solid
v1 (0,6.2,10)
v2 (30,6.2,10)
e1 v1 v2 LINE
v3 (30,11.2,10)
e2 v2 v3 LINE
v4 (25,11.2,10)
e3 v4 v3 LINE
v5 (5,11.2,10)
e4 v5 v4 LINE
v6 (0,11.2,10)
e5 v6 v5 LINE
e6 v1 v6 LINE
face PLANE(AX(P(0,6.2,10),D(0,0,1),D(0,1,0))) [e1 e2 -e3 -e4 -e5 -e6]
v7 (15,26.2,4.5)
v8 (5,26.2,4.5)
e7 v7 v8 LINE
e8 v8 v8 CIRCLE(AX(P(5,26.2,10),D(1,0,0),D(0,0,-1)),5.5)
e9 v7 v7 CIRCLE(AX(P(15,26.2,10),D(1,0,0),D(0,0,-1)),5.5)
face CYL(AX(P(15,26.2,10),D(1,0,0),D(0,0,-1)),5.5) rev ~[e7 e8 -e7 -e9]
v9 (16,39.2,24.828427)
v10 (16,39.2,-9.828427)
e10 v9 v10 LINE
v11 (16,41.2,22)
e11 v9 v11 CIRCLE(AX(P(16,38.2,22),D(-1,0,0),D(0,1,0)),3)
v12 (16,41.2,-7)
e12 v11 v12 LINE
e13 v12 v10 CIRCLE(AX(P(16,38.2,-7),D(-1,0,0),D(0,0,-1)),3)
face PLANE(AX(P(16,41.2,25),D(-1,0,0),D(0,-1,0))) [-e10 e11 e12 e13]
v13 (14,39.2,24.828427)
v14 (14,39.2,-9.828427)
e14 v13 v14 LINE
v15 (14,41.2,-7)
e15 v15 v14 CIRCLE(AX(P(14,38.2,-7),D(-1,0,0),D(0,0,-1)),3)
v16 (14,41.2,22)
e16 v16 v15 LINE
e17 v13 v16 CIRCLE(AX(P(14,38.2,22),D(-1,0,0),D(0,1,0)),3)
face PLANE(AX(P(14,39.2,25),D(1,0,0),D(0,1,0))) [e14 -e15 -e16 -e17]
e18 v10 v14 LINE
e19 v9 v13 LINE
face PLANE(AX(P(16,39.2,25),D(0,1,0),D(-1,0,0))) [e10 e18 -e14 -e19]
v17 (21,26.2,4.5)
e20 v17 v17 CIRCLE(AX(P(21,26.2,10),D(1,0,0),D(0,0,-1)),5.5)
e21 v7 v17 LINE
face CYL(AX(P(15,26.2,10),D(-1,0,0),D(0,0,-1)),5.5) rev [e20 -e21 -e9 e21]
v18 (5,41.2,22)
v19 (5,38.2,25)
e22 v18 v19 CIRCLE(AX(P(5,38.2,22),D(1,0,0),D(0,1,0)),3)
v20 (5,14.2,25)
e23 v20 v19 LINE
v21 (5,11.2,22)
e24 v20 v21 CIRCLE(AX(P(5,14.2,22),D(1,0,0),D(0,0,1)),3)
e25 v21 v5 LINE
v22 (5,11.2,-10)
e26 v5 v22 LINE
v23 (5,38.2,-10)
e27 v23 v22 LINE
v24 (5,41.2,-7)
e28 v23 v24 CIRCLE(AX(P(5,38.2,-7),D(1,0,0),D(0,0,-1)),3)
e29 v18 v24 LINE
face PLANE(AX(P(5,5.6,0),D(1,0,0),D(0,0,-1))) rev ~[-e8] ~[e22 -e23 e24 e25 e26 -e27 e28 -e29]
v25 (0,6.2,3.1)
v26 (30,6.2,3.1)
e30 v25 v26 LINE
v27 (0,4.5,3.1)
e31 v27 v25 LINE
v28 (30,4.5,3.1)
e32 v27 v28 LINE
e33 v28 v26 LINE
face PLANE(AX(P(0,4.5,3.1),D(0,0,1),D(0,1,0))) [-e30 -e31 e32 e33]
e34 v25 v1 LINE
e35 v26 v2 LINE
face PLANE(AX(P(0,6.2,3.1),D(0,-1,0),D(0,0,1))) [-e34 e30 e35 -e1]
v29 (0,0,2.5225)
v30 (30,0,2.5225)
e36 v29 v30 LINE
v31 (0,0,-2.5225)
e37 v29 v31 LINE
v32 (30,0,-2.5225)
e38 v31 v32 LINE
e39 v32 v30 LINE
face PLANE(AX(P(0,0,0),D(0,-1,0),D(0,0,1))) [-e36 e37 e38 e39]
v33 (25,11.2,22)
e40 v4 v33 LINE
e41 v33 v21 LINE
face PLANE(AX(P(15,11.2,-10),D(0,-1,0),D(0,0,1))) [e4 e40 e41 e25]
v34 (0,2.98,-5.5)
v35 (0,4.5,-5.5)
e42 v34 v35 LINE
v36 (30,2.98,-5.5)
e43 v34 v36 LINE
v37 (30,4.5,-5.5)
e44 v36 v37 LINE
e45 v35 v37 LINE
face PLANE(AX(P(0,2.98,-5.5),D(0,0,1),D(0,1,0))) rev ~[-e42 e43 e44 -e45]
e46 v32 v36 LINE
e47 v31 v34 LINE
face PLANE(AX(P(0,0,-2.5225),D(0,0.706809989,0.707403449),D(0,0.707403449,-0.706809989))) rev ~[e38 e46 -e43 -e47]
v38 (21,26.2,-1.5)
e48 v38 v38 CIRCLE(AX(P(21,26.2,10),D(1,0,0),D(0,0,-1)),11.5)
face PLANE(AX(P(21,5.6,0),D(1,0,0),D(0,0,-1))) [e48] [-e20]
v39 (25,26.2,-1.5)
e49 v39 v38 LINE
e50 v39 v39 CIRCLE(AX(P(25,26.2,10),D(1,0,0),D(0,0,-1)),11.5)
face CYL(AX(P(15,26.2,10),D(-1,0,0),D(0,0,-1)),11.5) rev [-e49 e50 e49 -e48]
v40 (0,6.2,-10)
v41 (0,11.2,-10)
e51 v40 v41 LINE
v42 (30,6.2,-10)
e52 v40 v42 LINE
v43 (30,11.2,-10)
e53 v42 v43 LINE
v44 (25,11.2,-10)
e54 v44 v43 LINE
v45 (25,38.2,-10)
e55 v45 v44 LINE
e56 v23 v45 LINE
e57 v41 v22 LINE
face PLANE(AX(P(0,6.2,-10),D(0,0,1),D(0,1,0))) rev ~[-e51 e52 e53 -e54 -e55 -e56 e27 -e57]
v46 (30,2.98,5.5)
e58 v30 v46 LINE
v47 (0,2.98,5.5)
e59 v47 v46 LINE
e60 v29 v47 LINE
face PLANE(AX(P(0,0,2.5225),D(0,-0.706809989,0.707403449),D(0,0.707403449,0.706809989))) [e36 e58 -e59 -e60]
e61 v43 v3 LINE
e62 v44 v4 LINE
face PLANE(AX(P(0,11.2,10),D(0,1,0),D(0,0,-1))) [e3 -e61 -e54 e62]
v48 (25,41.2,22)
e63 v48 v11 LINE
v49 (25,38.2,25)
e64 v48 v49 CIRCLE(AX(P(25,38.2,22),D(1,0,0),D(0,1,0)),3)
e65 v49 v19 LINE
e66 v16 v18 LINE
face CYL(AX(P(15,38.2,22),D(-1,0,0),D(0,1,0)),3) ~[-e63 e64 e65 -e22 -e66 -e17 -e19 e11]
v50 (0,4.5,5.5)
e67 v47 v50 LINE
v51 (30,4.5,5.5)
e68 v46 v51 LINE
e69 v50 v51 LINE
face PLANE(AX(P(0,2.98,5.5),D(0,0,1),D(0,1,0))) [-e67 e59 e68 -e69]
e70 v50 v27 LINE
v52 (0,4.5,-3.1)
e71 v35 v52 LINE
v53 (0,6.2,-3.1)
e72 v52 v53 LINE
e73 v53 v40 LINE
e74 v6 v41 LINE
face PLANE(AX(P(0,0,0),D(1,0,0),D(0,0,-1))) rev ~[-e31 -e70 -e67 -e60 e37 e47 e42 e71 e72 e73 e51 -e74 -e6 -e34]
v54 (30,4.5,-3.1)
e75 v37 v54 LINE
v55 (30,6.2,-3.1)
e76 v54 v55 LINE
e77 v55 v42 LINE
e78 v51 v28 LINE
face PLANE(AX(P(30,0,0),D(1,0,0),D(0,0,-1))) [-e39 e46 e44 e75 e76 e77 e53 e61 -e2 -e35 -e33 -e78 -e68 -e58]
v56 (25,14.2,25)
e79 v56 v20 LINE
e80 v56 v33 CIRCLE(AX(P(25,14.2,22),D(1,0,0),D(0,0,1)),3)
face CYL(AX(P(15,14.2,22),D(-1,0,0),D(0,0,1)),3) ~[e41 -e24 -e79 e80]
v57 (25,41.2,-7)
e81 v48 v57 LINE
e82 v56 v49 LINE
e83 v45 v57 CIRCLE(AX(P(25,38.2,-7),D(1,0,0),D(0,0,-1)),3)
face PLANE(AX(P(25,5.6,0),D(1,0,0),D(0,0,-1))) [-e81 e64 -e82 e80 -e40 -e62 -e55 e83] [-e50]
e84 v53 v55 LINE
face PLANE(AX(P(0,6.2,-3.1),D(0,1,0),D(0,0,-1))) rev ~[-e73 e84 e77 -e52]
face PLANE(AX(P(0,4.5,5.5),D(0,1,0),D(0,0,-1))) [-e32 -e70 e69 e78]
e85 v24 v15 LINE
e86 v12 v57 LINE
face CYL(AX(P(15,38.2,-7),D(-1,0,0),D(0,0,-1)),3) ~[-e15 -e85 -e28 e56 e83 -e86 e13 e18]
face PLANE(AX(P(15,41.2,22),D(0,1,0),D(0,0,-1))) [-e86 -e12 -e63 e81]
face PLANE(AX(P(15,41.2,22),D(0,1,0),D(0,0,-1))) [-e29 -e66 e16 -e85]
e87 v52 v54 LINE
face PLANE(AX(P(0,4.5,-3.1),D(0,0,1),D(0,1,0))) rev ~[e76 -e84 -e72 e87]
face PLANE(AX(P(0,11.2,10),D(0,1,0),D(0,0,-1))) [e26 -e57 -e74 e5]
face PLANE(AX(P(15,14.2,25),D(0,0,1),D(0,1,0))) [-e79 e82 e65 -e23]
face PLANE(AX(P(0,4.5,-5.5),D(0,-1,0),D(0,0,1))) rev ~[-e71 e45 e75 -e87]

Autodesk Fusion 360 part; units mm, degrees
sketch "Sketch1" plane through (0, 0, 0) normal (1, 0, 0) x (0, 0, -1)
  line L0 (0, 0) -> (2.5225, 0)
  line L1 (2.5225, 0) -> (5.5, 2.98)
  line L2 (5.5, 2.98) -> (5.5, 4.5)
  line L3 (5.5, 4.5) -> (3.1, 4.5)
  line L4 (3.1, 4.5) -> (3.1, 6.2)
  line L5 (3.1, 6.2) -> (10, 6.2)
  line L6 (10, 6.2) -> (10, 11.2)
  line L7 (10, 11.2) -> (0, 11.2)
  line L8 (0, 0) -> (0, 21.3117) construction
  line L9 (-10, 6.2) -> (-10, 11.2)
  line L10 (0, 0) -> (-2.5225, 0)
  line L11 (-3.1, 6.2) -> (-10, 6.2)
  line L12 (-5.5, 2.98) -> (-5.5, 4.5)
  line L13 (-10, 11.2) -> (0, 11.2)
  line L14 (-5.5, 4.5) -> (-3.1, 4.5)
  line L15 (-2.5225, 0) -> (-5.5, 2.98)
  line L16 (-3.1, 4.5) -> (-3.1, 6.2)
  dimension "d3" = 2.5225
  dimension "d4" = 4.5
  dimension "d6" = 2.4
  dimension "d7" = 3.1
  dimension "d8" = 1.52
  dimension "d9" = 1.7
  dimension "d10" = 5
  dimension "d11" = 10
extrude "Extrude1" add sketch "Sketch1" along normal blind 30
ref_plane "WorkPlane1" through (15, 5.6, 0) normal (1, 0, 0) x (0, 0, -1)
sketch "Sketch2" plane through (15, 5.6, 0) normal (1, 0, 0) x (0, 0, -1)
  line L0 (10, 5.6) -> (-10, 5.6)
  line L1 (10, 5.6) -> (-22, 5.6)
  line L2 (-25, 8.6) -> (-25, 32.6)
  line L3 (-22, 35.6) -> (7, 35.6)
  line L4 (10, 32.6) -> (10, 5.6)
  circle A0 centre (-10, 20.6) radius 11.5
  line L5 (-25, 20.6) -> (10, 20.6) construction
  circle A1 centre (-10, 20.6) radius 5.5
  arc A2 (-22, 35.6) -> (-25, 32.6) centre (-22, 32.6) ccw
  arc A3 (10, 32.6) -> (7, 35.6) centre (7, 32.6) ccw
  arc A4 (-25, 8.6) -> (-22, 5.6) centre (-22, 8.6) ccw
  point P0 (-25, 5.6)
  point P1 (10, 35.6)
  dimension "d15" = 35
  dimension "d16" = 30
  dimension "d17" = 23
  dimension "d18" = 15
  dimension "d19" = 11
  dimension "d29" = 3
  dimension "d30" = 3
extrude "Extrude2" add sketch "Sketch2" along normal blind 10 and the other way blind 10 contours L0 L1 L2 L3 L4 A2 A3 A4
extrude "Extrude3" add sketch "Sketch2" against normal blind 10 and the other way blind 6 contours A0
sketch "Sketch3" plane through (0, 0, 25) normal (0, 0, 1) x (1, 0, 0)
  line L0 (5, 14.2) -> (25, 14.2)
  line L1 (25, 14.2) -> (25, 38.2)
  line L2 (25, 38.2) -> (5, 38.2)
  line L3 (5, 38.2) -> (5, 14.2)
  line L4 (25, 41.2) -> (5, 41.2)
  line L5 (14, 41.2) -> (16, 41.2)
  line L6 (16, 41.2) -> (16, 39.2)
  line L7 (16, 39.2) -> (14, 39.2)
  line L8 (14, 39.2) -> (14, 41.2)
  dimension "d31" = 2
  dimension "d32" = 2
extrude "Extrude4" cut sketch "Sketch3" against normal through all contours L4 L5 L6 L7 L8
